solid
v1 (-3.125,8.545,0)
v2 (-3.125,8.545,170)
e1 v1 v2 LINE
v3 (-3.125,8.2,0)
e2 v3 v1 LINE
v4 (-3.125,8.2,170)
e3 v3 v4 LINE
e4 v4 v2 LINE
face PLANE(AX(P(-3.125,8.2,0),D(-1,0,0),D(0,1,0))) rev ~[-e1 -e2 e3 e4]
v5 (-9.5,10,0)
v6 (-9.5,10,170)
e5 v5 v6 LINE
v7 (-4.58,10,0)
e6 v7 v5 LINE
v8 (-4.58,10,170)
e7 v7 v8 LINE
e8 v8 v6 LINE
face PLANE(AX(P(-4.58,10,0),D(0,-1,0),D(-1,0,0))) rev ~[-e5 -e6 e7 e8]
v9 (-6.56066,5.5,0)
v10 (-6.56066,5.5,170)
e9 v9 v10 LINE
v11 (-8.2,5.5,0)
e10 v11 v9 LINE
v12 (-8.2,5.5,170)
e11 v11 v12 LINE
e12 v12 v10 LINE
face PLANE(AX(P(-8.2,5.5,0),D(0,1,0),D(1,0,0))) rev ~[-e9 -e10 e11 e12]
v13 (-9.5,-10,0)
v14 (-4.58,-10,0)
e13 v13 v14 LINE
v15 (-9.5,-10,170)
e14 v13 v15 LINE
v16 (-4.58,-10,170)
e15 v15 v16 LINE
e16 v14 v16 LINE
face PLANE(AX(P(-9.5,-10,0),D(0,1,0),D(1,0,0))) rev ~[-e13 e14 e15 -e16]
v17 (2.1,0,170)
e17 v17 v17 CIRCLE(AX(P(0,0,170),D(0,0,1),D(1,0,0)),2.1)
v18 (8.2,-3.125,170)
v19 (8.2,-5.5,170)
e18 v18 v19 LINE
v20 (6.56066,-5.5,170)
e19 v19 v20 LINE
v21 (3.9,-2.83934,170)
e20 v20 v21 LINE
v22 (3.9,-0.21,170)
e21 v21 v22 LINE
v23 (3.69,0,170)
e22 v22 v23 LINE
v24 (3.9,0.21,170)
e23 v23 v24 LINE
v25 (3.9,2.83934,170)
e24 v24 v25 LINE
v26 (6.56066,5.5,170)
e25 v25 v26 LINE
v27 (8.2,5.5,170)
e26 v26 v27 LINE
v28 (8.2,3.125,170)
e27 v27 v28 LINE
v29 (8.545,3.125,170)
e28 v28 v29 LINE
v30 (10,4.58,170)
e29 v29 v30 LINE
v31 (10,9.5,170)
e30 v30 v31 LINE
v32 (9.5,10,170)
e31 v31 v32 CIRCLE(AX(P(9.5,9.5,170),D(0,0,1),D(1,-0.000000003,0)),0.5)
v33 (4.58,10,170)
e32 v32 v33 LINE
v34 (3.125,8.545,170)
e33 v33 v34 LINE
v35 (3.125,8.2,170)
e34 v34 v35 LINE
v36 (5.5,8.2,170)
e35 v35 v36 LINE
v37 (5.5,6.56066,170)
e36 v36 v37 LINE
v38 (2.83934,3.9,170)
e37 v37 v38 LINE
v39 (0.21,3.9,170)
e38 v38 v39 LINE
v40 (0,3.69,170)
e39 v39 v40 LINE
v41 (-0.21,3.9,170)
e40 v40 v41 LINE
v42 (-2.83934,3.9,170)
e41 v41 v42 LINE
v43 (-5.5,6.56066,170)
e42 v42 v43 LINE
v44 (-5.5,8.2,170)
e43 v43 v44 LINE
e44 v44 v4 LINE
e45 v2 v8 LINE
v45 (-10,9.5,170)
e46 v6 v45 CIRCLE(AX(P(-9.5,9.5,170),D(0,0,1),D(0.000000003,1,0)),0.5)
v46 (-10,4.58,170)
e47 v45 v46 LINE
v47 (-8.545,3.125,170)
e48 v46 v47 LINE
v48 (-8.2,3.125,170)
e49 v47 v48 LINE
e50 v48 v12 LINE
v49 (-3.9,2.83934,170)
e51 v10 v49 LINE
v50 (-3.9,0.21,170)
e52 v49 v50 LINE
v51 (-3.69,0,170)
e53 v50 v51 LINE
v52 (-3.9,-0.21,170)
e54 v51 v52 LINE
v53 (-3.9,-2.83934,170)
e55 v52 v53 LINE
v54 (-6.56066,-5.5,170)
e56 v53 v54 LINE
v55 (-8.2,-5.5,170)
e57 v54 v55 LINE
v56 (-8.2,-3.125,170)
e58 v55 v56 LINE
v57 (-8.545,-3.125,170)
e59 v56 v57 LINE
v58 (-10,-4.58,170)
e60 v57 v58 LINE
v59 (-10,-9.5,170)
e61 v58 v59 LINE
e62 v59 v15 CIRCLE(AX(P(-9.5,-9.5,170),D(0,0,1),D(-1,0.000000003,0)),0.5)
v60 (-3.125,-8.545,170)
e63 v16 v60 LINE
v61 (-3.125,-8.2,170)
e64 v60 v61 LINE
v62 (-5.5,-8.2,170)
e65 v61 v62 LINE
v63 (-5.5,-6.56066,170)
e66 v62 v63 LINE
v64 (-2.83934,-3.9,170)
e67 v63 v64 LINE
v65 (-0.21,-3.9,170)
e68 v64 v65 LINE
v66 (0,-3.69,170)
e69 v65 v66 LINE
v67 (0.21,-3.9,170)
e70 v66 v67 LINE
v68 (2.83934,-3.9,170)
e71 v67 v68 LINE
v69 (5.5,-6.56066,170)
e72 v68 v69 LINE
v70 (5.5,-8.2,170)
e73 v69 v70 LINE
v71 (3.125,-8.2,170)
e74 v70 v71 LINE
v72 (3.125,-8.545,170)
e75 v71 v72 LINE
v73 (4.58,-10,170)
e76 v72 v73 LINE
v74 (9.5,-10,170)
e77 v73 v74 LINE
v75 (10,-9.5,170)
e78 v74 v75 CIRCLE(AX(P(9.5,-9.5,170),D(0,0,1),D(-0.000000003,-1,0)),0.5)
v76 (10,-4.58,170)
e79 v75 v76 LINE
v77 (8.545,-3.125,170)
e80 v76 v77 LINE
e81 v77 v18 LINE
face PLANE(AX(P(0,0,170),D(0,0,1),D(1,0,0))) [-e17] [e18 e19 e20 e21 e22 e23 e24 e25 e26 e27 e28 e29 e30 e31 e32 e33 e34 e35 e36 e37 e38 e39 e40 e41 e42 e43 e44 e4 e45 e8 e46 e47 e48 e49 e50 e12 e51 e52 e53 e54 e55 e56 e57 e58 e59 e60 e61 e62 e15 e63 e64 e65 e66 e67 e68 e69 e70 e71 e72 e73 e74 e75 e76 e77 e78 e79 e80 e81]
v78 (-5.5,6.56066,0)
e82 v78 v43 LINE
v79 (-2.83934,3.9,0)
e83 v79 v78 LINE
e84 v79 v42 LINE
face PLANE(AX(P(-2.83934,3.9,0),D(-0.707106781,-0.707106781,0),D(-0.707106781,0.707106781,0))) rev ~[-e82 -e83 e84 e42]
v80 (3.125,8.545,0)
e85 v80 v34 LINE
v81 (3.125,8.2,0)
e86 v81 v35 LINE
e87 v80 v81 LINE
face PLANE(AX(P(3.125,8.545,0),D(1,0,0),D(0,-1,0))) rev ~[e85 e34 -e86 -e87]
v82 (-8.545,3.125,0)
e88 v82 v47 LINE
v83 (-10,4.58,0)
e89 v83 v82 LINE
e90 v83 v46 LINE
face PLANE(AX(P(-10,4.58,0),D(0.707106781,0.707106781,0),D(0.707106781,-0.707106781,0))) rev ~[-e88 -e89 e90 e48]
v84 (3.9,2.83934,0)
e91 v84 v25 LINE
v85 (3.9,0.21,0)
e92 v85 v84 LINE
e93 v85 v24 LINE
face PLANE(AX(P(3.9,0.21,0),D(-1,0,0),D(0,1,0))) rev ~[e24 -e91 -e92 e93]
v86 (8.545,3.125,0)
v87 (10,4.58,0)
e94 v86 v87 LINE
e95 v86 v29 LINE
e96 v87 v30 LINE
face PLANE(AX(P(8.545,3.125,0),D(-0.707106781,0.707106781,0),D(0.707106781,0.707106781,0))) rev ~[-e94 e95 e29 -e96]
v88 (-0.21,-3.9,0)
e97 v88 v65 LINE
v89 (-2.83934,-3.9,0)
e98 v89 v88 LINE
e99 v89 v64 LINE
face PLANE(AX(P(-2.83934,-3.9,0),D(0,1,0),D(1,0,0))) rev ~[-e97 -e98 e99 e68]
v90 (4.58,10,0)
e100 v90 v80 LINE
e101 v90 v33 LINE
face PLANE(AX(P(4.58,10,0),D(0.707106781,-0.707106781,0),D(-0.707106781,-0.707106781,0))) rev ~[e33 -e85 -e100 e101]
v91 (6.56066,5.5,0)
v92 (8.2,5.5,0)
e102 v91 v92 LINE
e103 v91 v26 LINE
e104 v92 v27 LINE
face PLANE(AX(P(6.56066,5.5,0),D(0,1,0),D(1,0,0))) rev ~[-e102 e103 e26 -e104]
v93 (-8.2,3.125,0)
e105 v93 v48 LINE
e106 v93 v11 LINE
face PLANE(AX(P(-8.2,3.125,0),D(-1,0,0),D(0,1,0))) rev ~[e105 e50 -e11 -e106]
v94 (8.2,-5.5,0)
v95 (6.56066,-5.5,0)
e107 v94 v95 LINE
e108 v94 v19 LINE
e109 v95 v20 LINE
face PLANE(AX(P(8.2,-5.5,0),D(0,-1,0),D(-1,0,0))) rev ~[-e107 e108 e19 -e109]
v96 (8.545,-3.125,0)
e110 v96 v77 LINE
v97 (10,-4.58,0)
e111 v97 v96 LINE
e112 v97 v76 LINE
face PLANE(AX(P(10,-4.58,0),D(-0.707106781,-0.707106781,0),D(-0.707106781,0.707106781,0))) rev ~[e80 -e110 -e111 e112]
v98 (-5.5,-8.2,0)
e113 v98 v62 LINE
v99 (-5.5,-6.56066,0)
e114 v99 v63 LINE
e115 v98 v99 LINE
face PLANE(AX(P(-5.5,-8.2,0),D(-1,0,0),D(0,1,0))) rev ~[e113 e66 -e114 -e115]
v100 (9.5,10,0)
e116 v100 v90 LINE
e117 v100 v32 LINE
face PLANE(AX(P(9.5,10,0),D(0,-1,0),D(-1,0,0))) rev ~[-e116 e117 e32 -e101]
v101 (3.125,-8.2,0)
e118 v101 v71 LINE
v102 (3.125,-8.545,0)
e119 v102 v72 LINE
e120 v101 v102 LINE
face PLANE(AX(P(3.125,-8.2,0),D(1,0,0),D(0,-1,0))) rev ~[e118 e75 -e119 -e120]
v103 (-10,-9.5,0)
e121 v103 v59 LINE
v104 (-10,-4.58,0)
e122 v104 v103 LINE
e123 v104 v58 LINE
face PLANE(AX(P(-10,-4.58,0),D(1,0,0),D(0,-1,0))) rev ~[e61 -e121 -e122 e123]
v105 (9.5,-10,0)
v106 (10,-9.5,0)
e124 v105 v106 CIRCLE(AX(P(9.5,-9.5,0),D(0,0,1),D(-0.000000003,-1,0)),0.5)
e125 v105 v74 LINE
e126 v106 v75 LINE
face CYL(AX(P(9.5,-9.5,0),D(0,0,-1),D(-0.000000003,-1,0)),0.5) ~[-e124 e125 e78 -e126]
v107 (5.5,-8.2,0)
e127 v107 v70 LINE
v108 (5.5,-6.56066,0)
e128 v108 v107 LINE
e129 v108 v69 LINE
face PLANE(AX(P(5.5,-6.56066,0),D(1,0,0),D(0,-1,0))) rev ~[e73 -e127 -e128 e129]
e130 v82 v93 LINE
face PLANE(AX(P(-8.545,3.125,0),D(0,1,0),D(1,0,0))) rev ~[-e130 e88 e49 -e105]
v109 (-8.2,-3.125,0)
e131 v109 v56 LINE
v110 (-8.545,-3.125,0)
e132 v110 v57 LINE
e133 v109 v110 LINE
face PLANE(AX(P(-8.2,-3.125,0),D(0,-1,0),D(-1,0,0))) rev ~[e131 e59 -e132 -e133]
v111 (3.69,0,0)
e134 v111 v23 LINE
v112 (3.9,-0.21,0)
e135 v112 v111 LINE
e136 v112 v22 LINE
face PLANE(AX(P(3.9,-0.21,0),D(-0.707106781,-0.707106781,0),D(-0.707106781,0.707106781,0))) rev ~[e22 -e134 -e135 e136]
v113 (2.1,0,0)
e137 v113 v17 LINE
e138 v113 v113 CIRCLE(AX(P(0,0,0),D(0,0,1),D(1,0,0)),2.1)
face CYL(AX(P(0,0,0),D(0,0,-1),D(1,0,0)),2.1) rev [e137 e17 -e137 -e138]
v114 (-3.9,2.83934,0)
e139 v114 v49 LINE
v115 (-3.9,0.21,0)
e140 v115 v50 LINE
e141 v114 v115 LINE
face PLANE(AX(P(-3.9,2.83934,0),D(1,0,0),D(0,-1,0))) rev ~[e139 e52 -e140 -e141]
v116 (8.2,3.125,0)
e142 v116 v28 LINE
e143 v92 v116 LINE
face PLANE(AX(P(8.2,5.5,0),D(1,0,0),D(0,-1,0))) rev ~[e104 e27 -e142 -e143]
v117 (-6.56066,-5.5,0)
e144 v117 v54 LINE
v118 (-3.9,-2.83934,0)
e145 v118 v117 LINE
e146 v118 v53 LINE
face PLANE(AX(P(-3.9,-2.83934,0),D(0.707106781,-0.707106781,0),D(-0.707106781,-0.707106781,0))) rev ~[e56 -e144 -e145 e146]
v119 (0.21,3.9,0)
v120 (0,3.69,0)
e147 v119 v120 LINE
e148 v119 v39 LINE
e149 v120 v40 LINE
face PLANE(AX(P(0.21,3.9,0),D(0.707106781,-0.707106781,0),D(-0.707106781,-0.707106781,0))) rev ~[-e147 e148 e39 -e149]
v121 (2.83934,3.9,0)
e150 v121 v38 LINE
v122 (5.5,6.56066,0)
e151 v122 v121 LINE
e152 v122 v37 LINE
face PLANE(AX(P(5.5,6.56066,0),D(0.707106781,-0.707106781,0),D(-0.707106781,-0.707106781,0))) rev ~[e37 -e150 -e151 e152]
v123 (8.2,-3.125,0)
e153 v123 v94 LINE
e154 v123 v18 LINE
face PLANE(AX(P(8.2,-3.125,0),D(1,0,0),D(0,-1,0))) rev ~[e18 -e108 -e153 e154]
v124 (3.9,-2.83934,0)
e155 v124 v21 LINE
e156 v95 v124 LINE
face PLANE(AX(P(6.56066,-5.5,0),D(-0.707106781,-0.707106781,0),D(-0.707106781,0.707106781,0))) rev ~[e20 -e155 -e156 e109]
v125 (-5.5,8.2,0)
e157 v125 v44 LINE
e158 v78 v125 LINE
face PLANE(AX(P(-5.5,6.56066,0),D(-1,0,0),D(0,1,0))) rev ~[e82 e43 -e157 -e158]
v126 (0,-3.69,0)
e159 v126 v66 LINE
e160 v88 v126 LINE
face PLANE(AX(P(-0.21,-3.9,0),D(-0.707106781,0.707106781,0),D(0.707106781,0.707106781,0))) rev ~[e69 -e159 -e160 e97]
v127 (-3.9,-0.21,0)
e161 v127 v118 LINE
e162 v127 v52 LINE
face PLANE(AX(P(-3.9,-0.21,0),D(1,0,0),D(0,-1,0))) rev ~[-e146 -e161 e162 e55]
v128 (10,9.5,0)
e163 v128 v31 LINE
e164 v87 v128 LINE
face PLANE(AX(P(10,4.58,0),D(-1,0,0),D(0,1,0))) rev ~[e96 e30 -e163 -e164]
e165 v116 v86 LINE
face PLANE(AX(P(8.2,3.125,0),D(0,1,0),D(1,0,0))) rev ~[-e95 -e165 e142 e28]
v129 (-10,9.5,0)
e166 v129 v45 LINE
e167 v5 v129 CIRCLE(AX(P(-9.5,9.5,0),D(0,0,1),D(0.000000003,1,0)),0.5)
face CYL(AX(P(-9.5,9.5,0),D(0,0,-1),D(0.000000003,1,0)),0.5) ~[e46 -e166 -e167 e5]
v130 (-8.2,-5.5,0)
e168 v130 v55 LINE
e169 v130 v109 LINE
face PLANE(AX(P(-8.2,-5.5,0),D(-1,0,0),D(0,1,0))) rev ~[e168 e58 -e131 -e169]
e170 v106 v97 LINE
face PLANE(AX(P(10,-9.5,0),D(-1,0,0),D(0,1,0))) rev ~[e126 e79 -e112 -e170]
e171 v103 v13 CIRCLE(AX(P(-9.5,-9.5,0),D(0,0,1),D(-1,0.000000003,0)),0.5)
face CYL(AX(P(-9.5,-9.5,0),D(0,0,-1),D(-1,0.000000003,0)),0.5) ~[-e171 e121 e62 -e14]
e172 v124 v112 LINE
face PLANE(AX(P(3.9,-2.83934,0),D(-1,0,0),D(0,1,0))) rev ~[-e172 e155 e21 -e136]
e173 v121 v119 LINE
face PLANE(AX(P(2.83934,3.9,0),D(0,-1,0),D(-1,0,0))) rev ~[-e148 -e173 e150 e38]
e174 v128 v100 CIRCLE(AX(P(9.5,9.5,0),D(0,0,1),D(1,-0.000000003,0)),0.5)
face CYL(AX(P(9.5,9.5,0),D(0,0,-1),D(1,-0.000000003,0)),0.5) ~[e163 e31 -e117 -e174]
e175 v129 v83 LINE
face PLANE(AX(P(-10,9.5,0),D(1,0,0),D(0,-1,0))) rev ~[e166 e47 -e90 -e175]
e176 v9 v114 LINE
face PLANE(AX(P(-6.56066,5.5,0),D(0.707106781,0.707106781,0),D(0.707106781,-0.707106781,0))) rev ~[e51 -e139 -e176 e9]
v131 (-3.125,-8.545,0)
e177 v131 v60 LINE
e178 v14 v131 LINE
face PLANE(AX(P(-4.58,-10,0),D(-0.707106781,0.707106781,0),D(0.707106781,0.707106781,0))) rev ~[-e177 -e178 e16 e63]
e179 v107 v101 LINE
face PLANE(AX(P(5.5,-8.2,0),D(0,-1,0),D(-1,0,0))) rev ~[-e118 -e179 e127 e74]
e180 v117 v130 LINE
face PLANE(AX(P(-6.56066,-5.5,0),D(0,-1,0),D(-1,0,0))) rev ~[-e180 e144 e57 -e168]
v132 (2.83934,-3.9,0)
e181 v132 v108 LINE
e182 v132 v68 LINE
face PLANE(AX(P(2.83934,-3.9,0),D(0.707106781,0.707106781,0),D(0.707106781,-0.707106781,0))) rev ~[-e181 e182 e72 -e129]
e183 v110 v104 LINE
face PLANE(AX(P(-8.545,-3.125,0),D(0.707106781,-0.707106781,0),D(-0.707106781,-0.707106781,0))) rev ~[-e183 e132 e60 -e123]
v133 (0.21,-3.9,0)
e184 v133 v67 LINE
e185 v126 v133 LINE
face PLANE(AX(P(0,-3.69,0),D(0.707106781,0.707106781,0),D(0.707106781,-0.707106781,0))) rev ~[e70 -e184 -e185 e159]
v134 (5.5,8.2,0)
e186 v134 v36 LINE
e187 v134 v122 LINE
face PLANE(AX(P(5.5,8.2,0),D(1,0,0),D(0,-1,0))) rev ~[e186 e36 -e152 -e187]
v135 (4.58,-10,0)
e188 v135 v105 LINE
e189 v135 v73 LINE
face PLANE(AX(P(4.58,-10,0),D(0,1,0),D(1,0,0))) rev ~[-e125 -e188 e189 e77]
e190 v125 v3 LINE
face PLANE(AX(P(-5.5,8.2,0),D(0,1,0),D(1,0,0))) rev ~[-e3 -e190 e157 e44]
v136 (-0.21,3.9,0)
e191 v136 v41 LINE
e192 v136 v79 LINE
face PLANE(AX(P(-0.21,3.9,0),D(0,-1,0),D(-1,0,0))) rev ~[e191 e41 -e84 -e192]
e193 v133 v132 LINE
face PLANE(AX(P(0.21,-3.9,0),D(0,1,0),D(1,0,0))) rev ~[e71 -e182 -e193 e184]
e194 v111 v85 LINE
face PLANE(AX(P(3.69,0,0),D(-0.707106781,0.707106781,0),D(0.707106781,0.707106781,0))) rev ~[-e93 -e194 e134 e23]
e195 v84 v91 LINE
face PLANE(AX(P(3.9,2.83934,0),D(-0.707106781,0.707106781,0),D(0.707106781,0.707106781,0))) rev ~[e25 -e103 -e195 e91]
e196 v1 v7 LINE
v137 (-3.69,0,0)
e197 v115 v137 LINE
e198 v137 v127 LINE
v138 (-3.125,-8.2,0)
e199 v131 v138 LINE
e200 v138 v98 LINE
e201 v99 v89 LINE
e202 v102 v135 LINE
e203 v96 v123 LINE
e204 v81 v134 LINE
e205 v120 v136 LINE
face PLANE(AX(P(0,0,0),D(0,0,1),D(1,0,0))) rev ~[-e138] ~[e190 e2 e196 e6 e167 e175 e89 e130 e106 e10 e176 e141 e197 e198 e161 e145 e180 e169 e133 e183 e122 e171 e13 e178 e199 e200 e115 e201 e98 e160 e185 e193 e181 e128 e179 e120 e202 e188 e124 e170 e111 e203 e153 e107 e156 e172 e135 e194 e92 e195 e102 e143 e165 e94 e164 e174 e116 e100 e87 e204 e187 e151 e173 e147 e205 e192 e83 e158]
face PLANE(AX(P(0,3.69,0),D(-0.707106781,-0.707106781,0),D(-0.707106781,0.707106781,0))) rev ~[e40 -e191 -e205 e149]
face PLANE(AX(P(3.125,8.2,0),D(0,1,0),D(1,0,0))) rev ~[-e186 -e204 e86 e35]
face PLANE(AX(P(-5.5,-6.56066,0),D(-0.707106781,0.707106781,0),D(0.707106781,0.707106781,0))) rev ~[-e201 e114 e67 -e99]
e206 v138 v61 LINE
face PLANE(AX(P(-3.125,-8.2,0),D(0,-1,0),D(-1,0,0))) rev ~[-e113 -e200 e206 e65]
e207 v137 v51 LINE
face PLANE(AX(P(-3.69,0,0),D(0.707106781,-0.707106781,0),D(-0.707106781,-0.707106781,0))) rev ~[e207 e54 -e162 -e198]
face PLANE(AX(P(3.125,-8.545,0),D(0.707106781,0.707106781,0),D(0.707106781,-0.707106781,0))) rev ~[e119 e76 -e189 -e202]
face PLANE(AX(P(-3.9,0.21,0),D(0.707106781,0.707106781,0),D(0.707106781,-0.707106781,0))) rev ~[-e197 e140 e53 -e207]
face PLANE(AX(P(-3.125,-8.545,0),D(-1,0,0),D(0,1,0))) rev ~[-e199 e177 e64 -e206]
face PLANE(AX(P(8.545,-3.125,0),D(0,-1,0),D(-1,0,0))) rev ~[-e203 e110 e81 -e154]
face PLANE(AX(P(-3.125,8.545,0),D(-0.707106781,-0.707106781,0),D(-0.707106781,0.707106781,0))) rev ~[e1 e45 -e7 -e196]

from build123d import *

# Parameters (mm, degrees)
SKETCH1_R           = 2.1
BOSS_EXTRUDE1_DEPTH = 170


with BuildPart() as part:
    # Sketch1 → Boss-Extrude1 (new body)
    with BuildSketch(Plane.XY):
        with BuildLine():
            Line((4.58, -10), (9.5, -10))
            ThreePointArc((9.5, -10), (9.853553391, -9.853553391), (10, -9.5))
            Line((10, -9.5), (10, -4.58))
            Line((10, -4.58), (8.545, -3.125))
            Line((8.545, -3.125), (8.2, -3.125))
            Line((8.2, -3.125), (8.2, -5.5))
            Line((8.2, -5.5), (6.560660172, -5.5))
            Line((6.560660172, -5.5), (3.9, -2.839339828))
            Line((3.9, -2.839339828), (3.9, -0.21))
            Line((3.9, -0.21), (3.69, 0))
            Line((3.69, 0), (3.9, 0.21))
            Line((3.9, 0.21), (3.9, 2.839339828))
            Line((3.9, 2.839339828), (6.560660172, 5.5))
            Line((6.560660172, 5.5), (8.2, 5.5))
            Line((8.2, 5.5), (8.2, 3.125))
            Line((8.2, 3.125), (8.545, 3.125))
            Line((8.545, 3.125), (10, 4.58))
            Line((10, 4.58), (10, 9.5))
            ThreePointArc((10, 9.5), (9.853553391, 9.853553391), (9.5, 10))
            Line((9.5, 10), (4.58, 10))
            Line((4.58, 10), (3.125, 8.545))
            Line((3.125, 8.545), (3.125, 8.2))
            Line((3.125, 8.2), (5.5, 8.2))
            Line((5.5, 8.2), (5.5, 6.560660172))
            Line((5.5, 6.560660172), (2.839339828, 3.9))
            Line((2.839339828, 3.9), (0.21, 3.9))
            Line((0.21, 3.9), (0, 3.69))
            Line((0, 3.69), (-0.21, 3.9))
            Line((-0.21, 3.9), (-2.839339828, 3.9))
            Line((-2.839339828, 3.9), (-5.5, 6.560660172))
            Line((-5.5, 6.560660172), (-5.5, 8.2))
            Line((-5.5, 8.2), (-3.125, 8.2))
            Line((-3.125, 8.2), (-3.125, 8.545))
            Line((-3.125, 8.545), (-4.58, 10))
            Line((-4.58, 10), (-9.5, 10))
            ThreePointArc((-9.5, 10), (-9.853553391, 9.853553391), (-10, 9.5))
            Line((-10, 9.5), (-10, 4.58))
            Line((-10, 4.58), (-8.545, 3.125))
            Line((-8.545, 3.125), (-8.2, 3.125))
            Line((-8.2, 3.125), (-8.2, 5.5))
            Line((-8.2, 5.5), (-6.560660172, 5.5))
            Line((-6.560660172, 5.5), (-3.9, 2.839339828))
            Line((-3.9, 2.839339828), (-3.9, 0.21))
            Line((-3.9, 0.21), (-3.69, 0))
            Line((-3.69, 0), (-3.9, -0.21))
            Line((-3.9, -0.21), (-3.9, -2.839339828))
            Line((-3.9, -2.839339828), (-6.560660172, -5.5))
            Line((-6.560660172, -5.5), (-8.2, -5.5))
            Line((-8.2, -5.5), (-8.2, -3.125))
            Line((-8.2, -3.125), (-8.545, -3.125))
            Line((-8.545, -3.125), (-10, -4.58))
            Line((-10, -4.58), (-10, -9.5))
            ThreePointArc((-10, -9.5), (-9.853553391, -9.853553391), (-9.5, -10))
            Line((-9.5, -10), (-4.58, -10))
            Line((-4.58, -10), (-3.125, -8.545))
            Line((-3.125, -8.545), (-3.125, -8.2))
            Line((-3.125, -8.2), (-5.5, -8.2))
            Line((-5.5, -8.2), (-5.5, -6.560660172))
            Line((-5.5, -6.560660172), (-2.839339828, -3.9))
            Line((-2.839339828, -3.9), (-0.21, -3.9))
            Line((-0.21, -3.9), (0, -3.69))
            Line((0, -3.69), (0.21, -3.9))
            Line((0.21, -3.9), (2.839339828, -3.9))
            Line((2.839339828, -3.9), (5.5, -6.560660172))
            Line((5.5, -6.560660172), (5.5, -8.2))
            Line((5.5, -8.2), (3.125, -8.2))
            Line((3.125, -8.2), (3.125, -8.545))
            Line((3.125, -8.545), (4.58, -10))
        make_face()
        Circle(SKETCH1_R, mode=Mode.SUBTRACT)
    extrude(amount=BOSS_EXTRUDE1_DEPTH)


solid = part.part
